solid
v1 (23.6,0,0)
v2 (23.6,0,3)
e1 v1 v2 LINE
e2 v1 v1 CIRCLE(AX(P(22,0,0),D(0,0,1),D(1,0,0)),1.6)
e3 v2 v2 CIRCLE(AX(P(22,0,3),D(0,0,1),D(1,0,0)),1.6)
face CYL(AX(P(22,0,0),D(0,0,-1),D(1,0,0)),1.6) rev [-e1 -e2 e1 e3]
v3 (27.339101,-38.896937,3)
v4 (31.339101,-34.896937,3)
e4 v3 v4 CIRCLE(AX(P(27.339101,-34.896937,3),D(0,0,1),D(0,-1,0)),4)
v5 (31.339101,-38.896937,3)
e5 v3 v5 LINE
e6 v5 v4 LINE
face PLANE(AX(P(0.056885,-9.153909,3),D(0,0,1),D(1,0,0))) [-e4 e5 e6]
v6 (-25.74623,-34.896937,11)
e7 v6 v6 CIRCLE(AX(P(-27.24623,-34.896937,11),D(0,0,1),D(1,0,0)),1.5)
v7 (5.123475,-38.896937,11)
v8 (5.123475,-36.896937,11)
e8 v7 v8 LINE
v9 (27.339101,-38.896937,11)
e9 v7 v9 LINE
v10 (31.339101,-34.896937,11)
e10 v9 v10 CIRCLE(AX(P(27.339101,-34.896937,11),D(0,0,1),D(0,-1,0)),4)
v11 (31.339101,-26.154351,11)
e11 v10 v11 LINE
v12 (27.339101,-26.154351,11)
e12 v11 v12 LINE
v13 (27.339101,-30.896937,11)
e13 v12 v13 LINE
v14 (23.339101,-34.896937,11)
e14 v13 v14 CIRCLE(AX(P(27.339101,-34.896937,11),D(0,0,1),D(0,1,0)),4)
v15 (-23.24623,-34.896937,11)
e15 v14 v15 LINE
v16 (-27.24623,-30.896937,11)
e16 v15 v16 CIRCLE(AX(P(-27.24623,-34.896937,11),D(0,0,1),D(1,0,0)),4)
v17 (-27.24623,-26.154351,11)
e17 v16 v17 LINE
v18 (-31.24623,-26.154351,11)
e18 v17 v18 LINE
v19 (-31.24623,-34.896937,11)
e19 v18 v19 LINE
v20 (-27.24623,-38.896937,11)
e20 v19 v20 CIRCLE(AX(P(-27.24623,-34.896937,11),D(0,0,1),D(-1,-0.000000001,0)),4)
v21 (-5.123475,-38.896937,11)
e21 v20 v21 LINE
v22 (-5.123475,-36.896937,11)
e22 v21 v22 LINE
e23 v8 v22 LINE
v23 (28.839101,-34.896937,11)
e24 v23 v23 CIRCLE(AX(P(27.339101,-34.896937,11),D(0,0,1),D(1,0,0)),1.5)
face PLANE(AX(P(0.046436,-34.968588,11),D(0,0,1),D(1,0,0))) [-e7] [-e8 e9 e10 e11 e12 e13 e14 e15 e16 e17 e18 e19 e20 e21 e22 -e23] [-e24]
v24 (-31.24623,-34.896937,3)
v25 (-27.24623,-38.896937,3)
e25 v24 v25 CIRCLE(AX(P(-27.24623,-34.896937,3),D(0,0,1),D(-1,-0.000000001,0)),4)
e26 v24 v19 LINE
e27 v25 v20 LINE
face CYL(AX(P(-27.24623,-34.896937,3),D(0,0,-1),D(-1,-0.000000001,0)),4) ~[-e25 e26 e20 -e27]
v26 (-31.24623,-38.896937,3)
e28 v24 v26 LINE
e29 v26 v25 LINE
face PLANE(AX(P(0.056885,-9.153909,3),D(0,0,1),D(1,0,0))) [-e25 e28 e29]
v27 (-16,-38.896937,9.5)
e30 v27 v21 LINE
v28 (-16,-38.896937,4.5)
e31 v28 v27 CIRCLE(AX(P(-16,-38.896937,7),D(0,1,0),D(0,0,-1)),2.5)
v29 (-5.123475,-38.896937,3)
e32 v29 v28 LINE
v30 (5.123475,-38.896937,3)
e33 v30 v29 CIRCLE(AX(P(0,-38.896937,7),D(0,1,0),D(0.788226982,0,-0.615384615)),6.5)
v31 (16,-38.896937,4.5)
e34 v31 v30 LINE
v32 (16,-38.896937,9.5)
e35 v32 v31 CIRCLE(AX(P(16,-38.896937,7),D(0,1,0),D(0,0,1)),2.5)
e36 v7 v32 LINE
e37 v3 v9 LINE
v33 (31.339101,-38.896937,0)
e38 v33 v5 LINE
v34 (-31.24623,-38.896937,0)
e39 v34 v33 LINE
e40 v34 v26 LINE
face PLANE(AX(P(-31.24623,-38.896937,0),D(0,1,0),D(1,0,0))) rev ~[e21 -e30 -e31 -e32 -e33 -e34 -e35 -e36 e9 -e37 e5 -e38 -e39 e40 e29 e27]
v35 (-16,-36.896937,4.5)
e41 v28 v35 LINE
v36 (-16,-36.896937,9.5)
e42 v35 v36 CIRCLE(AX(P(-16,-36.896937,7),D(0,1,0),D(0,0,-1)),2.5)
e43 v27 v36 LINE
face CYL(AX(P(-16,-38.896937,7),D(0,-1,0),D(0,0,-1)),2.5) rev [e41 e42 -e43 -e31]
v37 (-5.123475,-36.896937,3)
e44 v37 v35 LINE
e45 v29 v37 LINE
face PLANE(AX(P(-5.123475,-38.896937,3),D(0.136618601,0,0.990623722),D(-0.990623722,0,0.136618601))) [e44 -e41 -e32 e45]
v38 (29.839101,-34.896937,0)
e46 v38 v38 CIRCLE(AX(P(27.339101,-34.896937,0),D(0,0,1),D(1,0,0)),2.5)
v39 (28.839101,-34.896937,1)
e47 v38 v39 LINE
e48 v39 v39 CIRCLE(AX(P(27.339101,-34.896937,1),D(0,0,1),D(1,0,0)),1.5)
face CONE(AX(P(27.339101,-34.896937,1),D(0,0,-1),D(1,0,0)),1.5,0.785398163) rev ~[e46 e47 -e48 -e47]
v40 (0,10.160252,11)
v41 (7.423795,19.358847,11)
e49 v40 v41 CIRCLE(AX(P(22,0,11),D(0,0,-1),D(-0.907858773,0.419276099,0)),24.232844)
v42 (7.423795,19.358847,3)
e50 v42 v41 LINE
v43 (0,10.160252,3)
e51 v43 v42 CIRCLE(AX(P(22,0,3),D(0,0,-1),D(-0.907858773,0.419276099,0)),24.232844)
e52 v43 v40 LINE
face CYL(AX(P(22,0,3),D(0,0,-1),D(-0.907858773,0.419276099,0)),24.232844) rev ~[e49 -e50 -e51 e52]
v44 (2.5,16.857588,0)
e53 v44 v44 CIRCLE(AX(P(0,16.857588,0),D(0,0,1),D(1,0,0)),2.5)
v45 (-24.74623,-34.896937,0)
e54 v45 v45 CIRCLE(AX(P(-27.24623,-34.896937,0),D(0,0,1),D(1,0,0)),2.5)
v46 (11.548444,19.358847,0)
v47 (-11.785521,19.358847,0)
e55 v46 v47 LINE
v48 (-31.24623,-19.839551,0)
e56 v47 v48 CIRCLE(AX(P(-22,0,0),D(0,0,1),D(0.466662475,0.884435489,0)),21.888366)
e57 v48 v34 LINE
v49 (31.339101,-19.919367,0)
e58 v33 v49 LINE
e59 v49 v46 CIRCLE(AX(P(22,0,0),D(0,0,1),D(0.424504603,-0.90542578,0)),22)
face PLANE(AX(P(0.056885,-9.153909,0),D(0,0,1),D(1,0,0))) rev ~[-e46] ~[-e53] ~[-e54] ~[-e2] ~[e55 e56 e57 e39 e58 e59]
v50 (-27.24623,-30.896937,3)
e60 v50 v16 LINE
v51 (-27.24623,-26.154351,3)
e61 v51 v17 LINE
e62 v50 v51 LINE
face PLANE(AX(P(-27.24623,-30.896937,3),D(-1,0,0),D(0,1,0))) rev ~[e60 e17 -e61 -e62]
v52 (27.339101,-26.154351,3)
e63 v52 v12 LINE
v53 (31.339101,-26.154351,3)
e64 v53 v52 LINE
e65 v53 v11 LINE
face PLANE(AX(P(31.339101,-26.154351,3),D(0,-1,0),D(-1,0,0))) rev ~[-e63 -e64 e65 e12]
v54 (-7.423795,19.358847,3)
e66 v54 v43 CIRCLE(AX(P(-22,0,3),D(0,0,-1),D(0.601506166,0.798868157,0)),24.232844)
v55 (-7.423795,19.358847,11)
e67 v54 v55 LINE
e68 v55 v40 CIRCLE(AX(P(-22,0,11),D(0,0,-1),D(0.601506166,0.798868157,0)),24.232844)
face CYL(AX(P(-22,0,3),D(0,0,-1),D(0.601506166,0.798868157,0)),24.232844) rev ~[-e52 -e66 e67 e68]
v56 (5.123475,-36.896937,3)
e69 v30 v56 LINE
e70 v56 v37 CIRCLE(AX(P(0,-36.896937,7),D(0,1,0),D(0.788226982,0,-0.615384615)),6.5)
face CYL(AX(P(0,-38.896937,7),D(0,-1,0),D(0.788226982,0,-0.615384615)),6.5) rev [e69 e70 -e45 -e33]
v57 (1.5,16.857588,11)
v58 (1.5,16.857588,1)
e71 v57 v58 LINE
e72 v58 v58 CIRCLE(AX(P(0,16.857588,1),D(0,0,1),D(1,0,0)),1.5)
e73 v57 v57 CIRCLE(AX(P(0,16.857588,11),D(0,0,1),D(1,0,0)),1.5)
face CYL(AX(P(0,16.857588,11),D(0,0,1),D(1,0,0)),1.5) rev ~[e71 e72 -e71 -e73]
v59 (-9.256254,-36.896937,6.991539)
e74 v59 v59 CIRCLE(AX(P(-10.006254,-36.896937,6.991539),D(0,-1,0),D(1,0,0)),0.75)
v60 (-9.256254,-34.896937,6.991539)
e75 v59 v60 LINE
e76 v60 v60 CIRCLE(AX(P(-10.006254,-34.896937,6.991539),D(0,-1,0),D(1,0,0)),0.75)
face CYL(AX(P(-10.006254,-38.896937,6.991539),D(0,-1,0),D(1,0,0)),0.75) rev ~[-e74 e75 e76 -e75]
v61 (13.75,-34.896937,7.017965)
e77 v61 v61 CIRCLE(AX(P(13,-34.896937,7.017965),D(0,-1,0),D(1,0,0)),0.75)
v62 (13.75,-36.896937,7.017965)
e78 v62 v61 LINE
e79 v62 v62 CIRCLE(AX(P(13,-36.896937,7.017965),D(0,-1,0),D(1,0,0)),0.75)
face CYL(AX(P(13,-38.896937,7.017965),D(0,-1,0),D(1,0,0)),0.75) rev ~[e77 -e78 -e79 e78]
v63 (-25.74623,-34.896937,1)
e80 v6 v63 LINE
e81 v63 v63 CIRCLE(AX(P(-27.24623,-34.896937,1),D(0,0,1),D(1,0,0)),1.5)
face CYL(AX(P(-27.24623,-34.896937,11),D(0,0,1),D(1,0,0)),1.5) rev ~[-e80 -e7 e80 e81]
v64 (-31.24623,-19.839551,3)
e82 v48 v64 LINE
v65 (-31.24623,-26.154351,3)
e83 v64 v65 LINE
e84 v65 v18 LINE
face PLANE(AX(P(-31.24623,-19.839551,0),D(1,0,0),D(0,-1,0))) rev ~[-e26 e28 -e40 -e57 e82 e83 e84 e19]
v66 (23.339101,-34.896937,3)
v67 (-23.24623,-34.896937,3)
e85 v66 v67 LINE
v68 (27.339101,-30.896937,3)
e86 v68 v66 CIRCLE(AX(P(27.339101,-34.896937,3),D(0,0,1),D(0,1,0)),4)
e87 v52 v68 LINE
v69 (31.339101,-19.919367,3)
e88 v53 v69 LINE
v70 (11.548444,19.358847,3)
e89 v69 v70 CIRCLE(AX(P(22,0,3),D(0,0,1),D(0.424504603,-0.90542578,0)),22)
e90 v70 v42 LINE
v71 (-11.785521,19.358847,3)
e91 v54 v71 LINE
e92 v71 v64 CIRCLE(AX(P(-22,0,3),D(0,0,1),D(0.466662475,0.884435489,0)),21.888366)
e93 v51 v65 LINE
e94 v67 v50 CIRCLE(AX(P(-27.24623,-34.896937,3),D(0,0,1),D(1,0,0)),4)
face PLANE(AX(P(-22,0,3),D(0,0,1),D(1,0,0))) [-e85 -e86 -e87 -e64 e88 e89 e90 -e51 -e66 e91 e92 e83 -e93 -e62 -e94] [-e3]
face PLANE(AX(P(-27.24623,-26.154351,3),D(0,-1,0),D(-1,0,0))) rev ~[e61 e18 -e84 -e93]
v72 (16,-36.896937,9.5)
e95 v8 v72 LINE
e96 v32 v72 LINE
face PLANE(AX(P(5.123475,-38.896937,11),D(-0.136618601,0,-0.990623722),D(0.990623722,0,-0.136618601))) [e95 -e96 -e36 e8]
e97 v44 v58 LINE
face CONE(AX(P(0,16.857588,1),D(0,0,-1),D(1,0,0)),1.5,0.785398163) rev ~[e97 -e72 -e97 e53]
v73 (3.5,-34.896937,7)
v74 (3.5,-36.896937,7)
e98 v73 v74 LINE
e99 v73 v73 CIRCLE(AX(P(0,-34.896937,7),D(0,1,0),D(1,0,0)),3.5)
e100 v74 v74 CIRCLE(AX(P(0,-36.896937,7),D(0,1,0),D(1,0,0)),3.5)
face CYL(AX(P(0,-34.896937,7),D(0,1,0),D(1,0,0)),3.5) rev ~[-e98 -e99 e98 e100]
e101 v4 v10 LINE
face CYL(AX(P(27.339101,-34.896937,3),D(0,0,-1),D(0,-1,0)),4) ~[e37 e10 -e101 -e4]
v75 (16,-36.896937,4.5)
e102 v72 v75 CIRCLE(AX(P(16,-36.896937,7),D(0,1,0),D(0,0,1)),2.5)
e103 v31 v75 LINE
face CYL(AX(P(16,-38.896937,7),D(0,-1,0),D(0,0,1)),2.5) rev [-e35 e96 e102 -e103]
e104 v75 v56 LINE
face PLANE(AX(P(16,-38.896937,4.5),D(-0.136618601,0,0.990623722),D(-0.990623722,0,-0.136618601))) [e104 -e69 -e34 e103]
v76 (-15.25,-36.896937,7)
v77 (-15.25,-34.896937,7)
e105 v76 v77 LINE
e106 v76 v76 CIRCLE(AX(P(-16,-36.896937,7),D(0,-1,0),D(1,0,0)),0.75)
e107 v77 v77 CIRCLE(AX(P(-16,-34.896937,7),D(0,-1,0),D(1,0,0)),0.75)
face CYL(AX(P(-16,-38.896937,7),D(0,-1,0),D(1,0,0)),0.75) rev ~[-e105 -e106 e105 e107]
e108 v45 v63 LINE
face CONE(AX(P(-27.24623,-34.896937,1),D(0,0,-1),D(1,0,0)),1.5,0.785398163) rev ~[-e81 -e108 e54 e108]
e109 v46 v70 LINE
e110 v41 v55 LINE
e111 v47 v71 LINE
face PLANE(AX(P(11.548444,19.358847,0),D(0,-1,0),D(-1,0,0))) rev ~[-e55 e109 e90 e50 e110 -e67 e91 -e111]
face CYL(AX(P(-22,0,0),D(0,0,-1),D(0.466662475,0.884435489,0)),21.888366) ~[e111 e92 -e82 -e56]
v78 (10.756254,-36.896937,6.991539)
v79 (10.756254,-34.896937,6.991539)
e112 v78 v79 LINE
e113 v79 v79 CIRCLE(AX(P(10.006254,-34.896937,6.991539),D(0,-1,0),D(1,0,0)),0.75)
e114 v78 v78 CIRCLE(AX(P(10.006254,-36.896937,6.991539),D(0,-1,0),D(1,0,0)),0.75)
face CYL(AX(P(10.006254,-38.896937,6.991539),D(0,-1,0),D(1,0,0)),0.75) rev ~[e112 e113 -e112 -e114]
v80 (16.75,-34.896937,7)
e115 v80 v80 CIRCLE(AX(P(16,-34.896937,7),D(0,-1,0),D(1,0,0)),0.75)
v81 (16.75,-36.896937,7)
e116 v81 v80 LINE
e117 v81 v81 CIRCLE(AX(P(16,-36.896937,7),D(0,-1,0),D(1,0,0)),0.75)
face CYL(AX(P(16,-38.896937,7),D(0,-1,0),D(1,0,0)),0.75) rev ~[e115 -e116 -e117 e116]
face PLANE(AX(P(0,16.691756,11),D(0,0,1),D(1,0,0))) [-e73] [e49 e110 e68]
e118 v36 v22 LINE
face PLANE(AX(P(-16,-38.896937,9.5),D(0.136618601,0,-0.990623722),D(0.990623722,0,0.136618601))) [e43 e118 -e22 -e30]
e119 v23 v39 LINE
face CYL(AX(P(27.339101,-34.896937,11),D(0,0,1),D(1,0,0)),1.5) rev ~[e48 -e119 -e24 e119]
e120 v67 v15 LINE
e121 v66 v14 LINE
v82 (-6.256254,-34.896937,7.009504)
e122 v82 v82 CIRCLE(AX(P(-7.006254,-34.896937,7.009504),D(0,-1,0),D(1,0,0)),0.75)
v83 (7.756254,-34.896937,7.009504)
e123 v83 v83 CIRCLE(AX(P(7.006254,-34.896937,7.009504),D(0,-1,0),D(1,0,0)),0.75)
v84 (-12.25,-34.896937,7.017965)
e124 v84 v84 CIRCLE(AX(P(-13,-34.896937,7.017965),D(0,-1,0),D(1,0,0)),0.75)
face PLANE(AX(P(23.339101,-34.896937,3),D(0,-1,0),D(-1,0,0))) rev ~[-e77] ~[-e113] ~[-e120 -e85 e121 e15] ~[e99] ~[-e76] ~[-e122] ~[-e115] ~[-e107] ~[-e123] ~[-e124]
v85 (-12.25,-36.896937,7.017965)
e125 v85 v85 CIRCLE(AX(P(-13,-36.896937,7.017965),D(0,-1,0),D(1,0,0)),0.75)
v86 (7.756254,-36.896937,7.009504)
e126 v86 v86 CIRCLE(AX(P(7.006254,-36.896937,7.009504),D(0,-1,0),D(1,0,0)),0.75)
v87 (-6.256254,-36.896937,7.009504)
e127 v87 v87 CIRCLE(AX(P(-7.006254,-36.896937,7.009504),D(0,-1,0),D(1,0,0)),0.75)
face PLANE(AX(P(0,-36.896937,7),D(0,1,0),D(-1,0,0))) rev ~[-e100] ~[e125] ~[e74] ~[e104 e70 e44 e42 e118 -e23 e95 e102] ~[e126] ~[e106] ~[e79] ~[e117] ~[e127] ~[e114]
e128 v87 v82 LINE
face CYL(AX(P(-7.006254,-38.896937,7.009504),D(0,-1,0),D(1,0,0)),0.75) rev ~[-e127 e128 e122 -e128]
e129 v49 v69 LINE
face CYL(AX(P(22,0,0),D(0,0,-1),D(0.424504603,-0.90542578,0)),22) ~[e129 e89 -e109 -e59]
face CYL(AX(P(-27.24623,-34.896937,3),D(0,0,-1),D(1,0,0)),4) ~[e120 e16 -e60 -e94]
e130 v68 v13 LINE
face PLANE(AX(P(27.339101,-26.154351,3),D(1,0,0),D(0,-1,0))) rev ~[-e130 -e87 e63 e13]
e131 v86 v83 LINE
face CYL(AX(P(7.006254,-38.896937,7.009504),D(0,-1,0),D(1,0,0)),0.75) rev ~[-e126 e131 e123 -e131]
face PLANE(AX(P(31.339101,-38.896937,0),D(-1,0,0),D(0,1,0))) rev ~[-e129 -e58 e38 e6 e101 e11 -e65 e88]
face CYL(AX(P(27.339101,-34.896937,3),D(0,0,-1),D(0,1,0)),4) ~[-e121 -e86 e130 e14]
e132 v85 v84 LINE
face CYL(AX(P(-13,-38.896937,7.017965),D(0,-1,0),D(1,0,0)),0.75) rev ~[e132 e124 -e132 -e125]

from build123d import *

# Parameters (mm, degrees)
CROQUIS1_R                         = 1.6
BASE_TAPA_DEPTH                    = 3
CROQUIS2_R                         = 1.5
SOPORTES_TAPA_DEPTH                = 8
CROQUIS3_R                         = 3.5
CAJA_HORN_SERVO_EXTERIOR_1_DEPTH   = 4
CROQUIS4_R                         = 0.75
CAJA_HORN_SERVO_EXTERIOR_2_DEPTH   = 2
CROQUIS5_R                         = 0.75
TALADROS_HORN_SERVO_EXTERIOR_DEPTH = 4
CROQUIS6_R                         = 1.5
TALADROS_TAPA_DEPTH                = 11
CROQUIS7_R                         = 1.6
RECTIFICAR_TALADRO_DEPTH           = 3
CHAFL_N_TALADROS_TAPA_SIZE         = 1


with BuildPart() as part:
    # Croquis1 → Base Tapa (new body)
    with BuildSketch(Plane.XY):
        with BuildLine():
            Line((11.548443784, 19.3588474), (-11.785521088, 19.3588474))
            ThreePointArc((-11.785521088, 19.3588474), (-41.605177571, 9.733322379), (-31.246229762, -19.839551086))
            Line((-31.246229762, -19.839551086), (-31.246229762, -38.896936565))
            Line((-31.246229762, -38.896936565), (31.339101257, -38.896936565))
            Line((31.339101257, -38.896936565), (31.339101257, -19.919367151))
            ThreePointArc((31.339101257, -19.919367151), (41.646982557, 9.899296763), (11.548443784, 19.3588474))
        make_face()
        with Locations((-22, 0)):
            Circle(CROQUIS1_R, mode=Mode.SUBTRACT)
        with Locations((22, 0)):
            Circle(CROQUIS1_R, mode=Mode.SUBTRACT)
    extrude(amount=BASE_TAPA_DEPTH)

    # Croquis2 → Soportes tapa (add)
    with BuildSketch(Plane.XY.offset(3)):
        with BuildLine():
            ThreePointArc((-31.246229762, -34.896936565), (-30.074656886, -37.725363689), (-27.246229762, -38.896936565))
            Line((-27.246229762, -38.896936565), (27.339101257, -38.896936565))
            ThreePointArc((27.339101257, -38.896936565), (30.167528382, -37.725363689), (31.339101257, -34.896936565))
            Line((31.339101257, -34.896936565), (31.339101257, -26.154350822))
            Line((31.339101257, -26.154350822), (27.339101257, -26.154350822))
            Line((27.339101257, -26.154350822), (27.339101257, -30.896936565))
            ThreePointArc((27.339101257, -30.896936565), (24.510674133, -32.06850944), (23.339101257, -34.896936565))
            Line((23.339101257, -34.896936565), (-23.246229762, -34.896936565))
            ThreePointArc((-23.246229762, -34.896936565), (-24.417802637, -32.06850944), (-27.246229762, -30.896936565))
            Line((-27.246229762, -30.896936565), (-27.246229762, -26.154350822))
            Line((-27.246229762, -26.154350822), (-31.246229762, -26.154350822))
            Line((-31.246229762, -26.154350822), (-31.246229762, -34.896936565))
        make_face()
        with Locations((-27.246229762, -34.896936565)):
            Circle(CROQUIS2_R, mode=Mode.SUBTRACT)
        with Locations((27.339101257, -34.896936565)):
            Circle(CROQUIS2_R, mode=Mode.SUBTRACT)
        with BuildLine():
            Line((7.423794942, 19.3588474), (-7.423794942, 19.3588474))
            ThreePointArc((-7.423794942, 19.3588474), (-3.142422422, 15.219148939), (0, 10.160252288))
            ThreePointArc((0, 10.160252288), (3.142422422, 15.219148939), (7.423794942, 19.3588474))
        make_face()
        with Locations((0, 16.857587951)):
            Circle(CROQUIS2_R, mode=Mode.SUBTRACT)
    extrude(amount=SOPORTES_TAPA_DEPTH)

    # Croquis3 → Caja Horn servo exterior 1 (cut)
    with BuildSketch(Plane(origin=(0, -34.896936565, 0), x_dir=(1, 0, 0), z_dir=(0, 1, 0))):
        with Locations((0, -7)):
            Circle(CROQUIS3_R)
    extrude(amount=-CAJA_HORN_SERVO_EXTERIOR_1_DEPTH, mode=Mode.SUBTRACT)

    # Croquis4 → Caja Horn servo exterior 2 (cut)
    with BuildSketch(Plane.XZ.offset(38.896936565)):
        with BuildLine():
            Line((-16, 9.5), (-5.123475383, 11))
            ThreePointArc((-5.123475383, 11), (0, 13.5), (5.123475383, 11))
            Line((5.123475383, 11), (16, 9.5))
            ThreePointArc((16, 9.5), (18.5, 7), (16, 4.5))
            Line((16, 4.5), (5.123475383, 3))
            ThreePointArc((5.123475383, 3), (0, 0.5), (-5.123475383, 3))
            Line((-5.123475383, 3), (-16, 4.5))
            ThreePointArc((-16, 4.5), (-18.5, 7), (-16, 9.5))
        make_face()
        with Locations((-16, 7)):
            Circle(CROQUIS4_R, mode=Mode.SUBTRACT)
        with Locations((-13, 7.017965487)):
            Circle(CROQUIS4_R, mode=Mode.SUBTRACT)
        with Locations((-10.006253635, 6.991538598)):
            Circle(CROQUIS4_R, mode=Mode.SUBTRACT)
        with Locations((-7.006253635, 7.009504085)):
            Circle(CROQUIS4_R, mode=Mode.SUBTRACT)
        with Locations((7.006253635, 7.009504085)):
            Circle(CROQUIS4_R, mode=Mode.SUBTRACT)
        with Locations((10.006253635, 6.991538598)):
            Circle(CROQUIS4_R, mode=Mode.SUBTRACT)
        with Locations((13, 7.017965487)):
            Circle(CROQUIS4_R, mode=Mode.SUBTRACT)
        with Locations((16, 7)):
            Circle(CROQUIS4_R, mode=Mode.SUBTRACT)
    extrude(amount=-CAJA_HORN_SERVO_EXTERIOR_2_DEPTH, mode=Mode.SUBTRACT)

    # Croquis5 → Taladros Horn servo exterior (cut)
    with BuildSketch(Plane.XZ.offset(38.896936565)):
        with Locations((-16, 7)):
            Circle(CROQUIS5_R)
        with Locations((-13, 7.017965487)):
            Circle(CROQUIS5_R)
        with Locations((-10.006253635, 6.991538598)):
            Circle(CROQUIS5_R)
        with Locations((-7.006253635, 7.009504085)):
            Circle(CROQUIS5_R)
        with Locations((7.006253635, 7.009504085)):
            Circle(CROQUIS5_R)
        with Locations((10.006253635, 6.991538598)):
            Circle(CROQUIS5_R)
        with Locations((13, 7.017965487)):
            Circle(CROQUIS5_R)
        with Locations((16, 7)):
            Circle(CROQUIS5_R)
    extrude(amount=-TALADROS_HORN_SERVO_EXTERIOR_DEPTH, mode=Mode.SUBTRACT)

    # Croquis6 → Taladros Tapa (cut)
    with BuildSketch(Plane.XY.offset(11)):
        with Locations((0, 16.857587951)):
            Circle(CROQUIS6_R)
        with Locations((27.339101257, -34.896936565)):
            Circle(CROQUIS6_R)
        with Locations((-27.246229762, -34.896936565)):
            Circle(CROQUIS6_R)
    extrude(amount=-TALADROS_TAPA_DEPTH, mode=Mode.SUBTRACT)

    # Croquis7 → Rectificar taladro (add)
    with BuildSketch(Plane.XY.offset(3)):
        with Locations((-22, 0)):
            Circle(CROQUIS7_R)
    extrude(amount=-RECTIFICAR_TALADRO_DEPTH)

    # Chaflán taladros tapa
    chafl_n_taladros_tapa_edges = [part.edges().sort_by_distance(p)[0] for p in [
        (-1.5, 16.857587951, 0),
        (25.839101257, -34.896936565, 0),
        (-28.746229762, -34.896936565, 0),
    ]]
    chamfer(chafl_n_taladros_tapa_edges, length=CHAFL_N_TALADROS_TAPA_SIZE)


solid = part.part
